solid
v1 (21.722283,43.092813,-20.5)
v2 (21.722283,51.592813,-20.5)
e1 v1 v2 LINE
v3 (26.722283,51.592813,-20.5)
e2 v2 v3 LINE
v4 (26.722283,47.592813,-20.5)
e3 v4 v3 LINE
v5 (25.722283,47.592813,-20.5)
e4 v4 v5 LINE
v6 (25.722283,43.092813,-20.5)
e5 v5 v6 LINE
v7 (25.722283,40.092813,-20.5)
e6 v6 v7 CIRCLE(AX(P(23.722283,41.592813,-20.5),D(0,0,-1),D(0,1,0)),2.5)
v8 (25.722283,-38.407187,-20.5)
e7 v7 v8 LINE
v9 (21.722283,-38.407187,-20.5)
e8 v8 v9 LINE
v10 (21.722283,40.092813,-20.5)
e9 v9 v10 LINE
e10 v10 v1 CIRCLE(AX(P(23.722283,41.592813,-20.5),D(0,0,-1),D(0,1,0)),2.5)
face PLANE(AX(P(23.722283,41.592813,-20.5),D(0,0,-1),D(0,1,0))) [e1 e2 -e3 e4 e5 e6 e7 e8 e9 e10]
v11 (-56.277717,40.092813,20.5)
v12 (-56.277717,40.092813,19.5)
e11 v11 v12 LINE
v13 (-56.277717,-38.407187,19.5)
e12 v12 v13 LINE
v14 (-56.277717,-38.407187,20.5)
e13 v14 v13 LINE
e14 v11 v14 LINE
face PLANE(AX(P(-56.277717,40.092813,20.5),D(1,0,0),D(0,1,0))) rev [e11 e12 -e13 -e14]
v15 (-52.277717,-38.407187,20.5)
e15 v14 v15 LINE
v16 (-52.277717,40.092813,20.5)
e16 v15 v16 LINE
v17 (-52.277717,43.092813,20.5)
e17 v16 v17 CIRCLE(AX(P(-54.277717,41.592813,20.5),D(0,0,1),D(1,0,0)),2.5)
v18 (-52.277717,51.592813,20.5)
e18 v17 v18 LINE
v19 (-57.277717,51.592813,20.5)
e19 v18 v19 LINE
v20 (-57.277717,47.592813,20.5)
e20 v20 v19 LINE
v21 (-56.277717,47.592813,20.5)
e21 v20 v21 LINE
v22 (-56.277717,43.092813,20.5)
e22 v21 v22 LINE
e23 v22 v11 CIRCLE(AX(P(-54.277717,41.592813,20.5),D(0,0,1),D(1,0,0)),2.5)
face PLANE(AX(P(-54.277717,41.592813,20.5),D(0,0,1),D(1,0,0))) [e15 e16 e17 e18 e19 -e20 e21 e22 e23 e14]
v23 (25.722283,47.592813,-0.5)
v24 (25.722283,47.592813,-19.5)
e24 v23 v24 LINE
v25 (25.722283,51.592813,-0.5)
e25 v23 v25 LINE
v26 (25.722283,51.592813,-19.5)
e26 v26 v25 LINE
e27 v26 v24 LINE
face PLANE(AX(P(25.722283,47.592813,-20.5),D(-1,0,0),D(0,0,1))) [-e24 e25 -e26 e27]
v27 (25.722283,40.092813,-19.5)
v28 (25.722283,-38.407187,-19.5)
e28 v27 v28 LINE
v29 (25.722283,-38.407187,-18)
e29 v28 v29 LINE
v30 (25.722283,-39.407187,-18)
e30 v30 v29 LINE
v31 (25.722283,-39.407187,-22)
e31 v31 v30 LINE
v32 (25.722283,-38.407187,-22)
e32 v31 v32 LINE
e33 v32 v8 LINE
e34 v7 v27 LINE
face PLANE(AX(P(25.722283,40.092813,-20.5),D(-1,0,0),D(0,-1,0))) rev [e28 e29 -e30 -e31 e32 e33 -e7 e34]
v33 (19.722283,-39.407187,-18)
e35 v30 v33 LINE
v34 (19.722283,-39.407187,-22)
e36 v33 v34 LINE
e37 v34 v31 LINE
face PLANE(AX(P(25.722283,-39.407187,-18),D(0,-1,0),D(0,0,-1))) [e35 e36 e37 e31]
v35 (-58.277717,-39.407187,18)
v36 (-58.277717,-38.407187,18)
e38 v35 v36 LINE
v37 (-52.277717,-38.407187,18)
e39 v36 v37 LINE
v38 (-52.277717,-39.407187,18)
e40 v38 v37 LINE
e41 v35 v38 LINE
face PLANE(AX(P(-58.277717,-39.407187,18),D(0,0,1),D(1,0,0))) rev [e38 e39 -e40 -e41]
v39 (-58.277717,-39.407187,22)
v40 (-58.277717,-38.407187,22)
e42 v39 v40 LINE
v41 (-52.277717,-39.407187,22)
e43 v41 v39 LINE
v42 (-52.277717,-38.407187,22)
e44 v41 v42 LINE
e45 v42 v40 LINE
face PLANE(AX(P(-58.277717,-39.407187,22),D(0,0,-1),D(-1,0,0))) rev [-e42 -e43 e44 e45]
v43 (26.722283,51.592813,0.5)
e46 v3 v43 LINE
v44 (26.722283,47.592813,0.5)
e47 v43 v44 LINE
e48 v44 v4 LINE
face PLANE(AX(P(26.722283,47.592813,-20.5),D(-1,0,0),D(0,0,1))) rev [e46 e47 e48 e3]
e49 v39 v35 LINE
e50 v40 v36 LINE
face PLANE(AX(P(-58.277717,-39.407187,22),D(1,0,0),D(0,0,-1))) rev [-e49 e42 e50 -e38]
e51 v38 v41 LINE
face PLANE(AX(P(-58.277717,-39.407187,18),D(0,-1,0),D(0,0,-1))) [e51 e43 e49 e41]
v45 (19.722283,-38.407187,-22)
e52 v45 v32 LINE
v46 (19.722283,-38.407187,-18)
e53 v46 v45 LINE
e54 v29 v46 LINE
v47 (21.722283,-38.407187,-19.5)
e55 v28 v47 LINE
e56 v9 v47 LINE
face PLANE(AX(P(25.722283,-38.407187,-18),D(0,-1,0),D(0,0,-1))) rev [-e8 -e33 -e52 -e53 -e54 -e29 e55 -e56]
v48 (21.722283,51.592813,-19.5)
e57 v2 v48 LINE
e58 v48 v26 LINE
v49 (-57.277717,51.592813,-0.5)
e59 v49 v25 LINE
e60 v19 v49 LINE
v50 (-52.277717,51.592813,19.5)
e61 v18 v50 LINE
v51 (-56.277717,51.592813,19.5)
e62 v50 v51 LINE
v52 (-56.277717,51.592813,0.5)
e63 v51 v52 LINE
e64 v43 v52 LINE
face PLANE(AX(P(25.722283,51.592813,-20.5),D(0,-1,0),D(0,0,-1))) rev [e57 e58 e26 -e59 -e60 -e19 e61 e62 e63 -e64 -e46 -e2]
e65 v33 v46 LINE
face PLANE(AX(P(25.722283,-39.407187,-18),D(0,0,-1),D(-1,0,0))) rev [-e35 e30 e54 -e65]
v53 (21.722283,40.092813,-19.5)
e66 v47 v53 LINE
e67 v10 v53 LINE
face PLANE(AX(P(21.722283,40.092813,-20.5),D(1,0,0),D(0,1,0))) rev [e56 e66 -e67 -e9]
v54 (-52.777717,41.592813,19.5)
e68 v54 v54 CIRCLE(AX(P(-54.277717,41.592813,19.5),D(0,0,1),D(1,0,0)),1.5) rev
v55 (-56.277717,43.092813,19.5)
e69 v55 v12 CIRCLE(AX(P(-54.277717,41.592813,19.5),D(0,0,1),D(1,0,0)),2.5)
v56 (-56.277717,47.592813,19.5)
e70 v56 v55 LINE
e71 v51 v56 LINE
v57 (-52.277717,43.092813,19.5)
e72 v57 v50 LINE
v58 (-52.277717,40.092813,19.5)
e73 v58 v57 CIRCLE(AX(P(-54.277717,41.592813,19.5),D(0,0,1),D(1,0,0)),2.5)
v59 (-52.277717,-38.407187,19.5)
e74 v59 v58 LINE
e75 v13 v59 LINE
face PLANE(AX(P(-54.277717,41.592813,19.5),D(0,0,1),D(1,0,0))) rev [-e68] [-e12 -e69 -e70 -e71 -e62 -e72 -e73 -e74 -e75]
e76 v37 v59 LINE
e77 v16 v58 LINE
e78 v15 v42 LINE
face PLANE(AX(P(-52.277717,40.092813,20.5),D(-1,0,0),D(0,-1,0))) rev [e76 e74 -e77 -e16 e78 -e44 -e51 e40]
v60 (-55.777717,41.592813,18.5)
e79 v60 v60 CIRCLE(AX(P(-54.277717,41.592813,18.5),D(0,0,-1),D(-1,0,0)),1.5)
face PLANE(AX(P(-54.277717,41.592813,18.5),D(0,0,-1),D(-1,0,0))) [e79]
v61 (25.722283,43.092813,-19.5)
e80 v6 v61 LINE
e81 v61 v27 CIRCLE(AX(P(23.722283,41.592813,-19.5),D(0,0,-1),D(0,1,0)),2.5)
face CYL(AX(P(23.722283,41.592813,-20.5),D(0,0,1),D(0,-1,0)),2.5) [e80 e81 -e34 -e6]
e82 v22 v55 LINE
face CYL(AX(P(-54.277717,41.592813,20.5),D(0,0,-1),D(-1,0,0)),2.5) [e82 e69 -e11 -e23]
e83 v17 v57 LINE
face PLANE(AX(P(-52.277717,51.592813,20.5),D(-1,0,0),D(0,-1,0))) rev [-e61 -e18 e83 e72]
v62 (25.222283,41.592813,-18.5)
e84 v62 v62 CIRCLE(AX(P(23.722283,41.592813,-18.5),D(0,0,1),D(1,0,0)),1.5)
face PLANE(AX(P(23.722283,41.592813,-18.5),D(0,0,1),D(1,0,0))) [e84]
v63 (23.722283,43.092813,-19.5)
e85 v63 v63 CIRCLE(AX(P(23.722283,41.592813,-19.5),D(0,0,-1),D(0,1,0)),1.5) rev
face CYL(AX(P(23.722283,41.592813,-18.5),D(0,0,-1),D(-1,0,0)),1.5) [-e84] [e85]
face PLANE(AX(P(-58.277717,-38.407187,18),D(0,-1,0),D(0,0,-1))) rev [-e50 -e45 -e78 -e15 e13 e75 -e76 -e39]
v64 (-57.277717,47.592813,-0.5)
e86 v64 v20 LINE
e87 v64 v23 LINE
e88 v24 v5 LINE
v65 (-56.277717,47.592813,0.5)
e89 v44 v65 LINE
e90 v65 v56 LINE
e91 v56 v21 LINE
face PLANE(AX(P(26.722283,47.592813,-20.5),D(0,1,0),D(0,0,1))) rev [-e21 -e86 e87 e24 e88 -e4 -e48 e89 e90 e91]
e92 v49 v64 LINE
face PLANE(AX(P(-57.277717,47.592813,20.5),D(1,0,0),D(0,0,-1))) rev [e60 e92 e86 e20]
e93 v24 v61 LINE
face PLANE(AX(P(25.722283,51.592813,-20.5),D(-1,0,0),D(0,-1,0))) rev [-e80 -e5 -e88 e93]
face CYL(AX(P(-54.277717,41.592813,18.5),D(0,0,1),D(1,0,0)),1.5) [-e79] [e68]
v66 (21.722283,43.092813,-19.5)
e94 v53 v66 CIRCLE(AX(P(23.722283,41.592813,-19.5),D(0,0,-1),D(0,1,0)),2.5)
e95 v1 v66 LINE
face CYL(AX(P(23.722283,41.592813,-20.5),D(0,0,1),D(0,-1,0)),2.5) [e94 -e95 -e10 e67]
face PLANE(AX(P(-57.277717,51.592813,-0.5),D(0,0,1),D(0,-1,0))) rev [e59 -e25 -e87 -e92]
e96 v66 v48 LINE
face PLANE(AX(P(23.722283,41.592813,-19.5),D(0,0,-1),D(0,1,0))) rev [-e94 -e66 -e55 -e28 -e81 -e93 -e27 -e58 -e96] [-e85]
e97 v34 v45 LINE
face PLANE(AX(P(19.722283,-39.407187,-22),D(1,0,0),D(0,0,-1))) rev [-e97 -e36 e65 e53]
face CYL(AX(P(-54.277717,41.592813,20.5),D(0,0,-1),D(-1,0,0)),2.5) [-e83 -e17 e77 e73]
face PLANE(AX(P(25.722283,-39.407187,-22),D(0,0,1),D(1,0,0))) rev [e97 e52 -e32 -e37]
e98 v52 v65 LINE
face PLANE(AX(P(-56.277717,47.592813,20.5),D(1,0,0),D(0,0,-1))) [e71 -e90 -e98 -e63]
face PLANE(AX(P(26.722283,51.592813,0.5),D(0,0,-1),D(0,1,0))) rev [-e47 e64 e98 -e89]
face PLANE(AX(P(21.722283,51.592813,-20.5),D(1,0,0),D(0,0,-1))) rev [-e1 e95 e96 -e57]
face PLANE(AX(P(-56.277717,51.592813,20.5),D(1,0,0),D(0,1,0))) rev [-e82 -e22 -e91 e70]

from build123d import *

# Parameters (mm, degrees)
EXTRUDE_1_DEPTH = 1
SKETCH_2_R      = 1.5
EXTRUDE_2_DEPTH = 1
EXTRUDE_3_DEPTH = 1
SKETCH_4_R      = 1.5
EXTRUDE_5_DEPTH = 1
SKETCH_5_W      = 82
SKETCH_5_H      = 4
EXTRUDE_6_DEPTH = 0.5
SKETCH_6_W      = 21
SKETCH_6_H      = 4
EXTRUDE_7_DEPTH = 1
SKETCH_7_W      = 21
SKETCH_7_H      = 4
EXTRUDE_8_DEPTH = 1
SKETCH_8_W      = 6
SKETCH_8_H      = 4
EXTRUDE_9_DEPTH = 1


with BuildPart() as part:
    # 草图1 → 凸台-拉伸1 (new body)
    with BuildSketch(Plane(origin=(0, 0, -19.5), x_dir=(-1, 0, 0), z_dir=(0, 0, -1))):
        with BuildLine():
            Line((-21.722283328, 40.092812976), (-21.722283328, -38.407187024))
            Line((-21.722283328, -38.407187024), (-25.722283328, -38.407187024))
            Line((-25.722283328, -38.407187024), (-25.722283328, 40.092812976))
            ThreePointArc((-25.722283328, 40.092812976), (-26.222283328, 41.592812976), (-25.722283328, 43.092812976))
            Line((-25.722283328, 43.092812976), (-25.722283328, 51.592812976))
            Line((-25.722283328, 51.592812976), (-21.722283328, 51.592812976))
            Line((-21.722283328, 51.592812976), (-21.722283328, 43.092812976))
            ThreePointArc((-21.722283328, 43.092812976), (-21.222283328, 41.592812976), (-21.722283328, 40.092812976))
        make_face()
    extrude(amount=EXTRUDE_1_DEPTH)

    # 草图2 → 凸台-拉伸2 (add)
    with BuildSketch(Plane.XY.offset(-19.5)):
        with Locations((23.722283328, 41.592812976)):
            Circle(SKETCH_2_R)
    extrude(amount=EXTRUDE_2_DEPTH)



with BuildPart() as body_2:
    # 草图3 → 凸台-拉伸3 (new body)
    with BuildSketch(Plane.XY.offset(19.5)):
        with BuildLine():
            Line((-52.277716672, 40.092812976), (-52.277716672, -38.407187024))
            Line((-52.277716672, -38.407187024), (-56.277716672, -38.407187024))
            Line((-56.277716672, -38.407187024), (-56.277716672, 40.092812976))
            ThreePointArc((-56.277716672, 40.092812976), (-56.777716672, 41.592812976), (-56.277716672, 43.092812976))
            Line((-56.277716672, 43.092812976), (-56.277716672, 51.592812976))
            Line((-56.277716672, 51.592812976), (-52.277716672, 51.592812976))
            Line((-52.277716672, 51.592812976), (-52.277716672, 43.092812976))
            ThreePointArc((-52.277716672, 43.092812976), (-51.777716672, 41.592812976), (-52.277716672, 40.092812976))
        make_face()
    extrude(amount=EXTRUDE_3_DEPTH)

    # 草图4 → 凸台-拉伸5 (add)
    with BuildSketch(Plane(origin=(0, 0, 19.5), x_dir=(-1, 0, 0), z_dir=(0, 0, -1))):
        with Locations((54.277716672, 41.592812976)):
            Circle(SKETCH_4_R)
    extrude(amount=EXTRUDE_5_DEPTH)



with BuildPart() as body_3:
    # 草图5 → 凸台-拉伸6 (new body, symmetric)
    with BuildSketch(Plane.XY):
        with Locations((-15.277716672, 49.592812976)):
            Rectangle(SKETCH_5_W, SKETCH_5_H)
    extrude(amount=EXTRUDE_6_DEPTH, both=True)


with BuildPart() as body_2_1:
    add(body_2.part)

    add(body_3.part)  # 凸台-拉伸7 merges body 3
    # 草图6 → 凸台-拉伸7 (add)
    with BuildSketch(Plane.ZY.offset(56.277716672)):
        with Locations((10, 49.592812976)):
            Rectangle(SKETCH_6_W, SKETCH_6_H)
    extrude(amount=EXTRUDE_7_DEPTH)


with BuildPart() as part_1:
    add(part.part)

    add(body_2_1.part)  # 凸台-拉伸8 merges body 2
    # 草图7 → 凸台-拉伸8 (add)
    with BuildSketch(Plane(origin=(25.722283328, 0, 0), x_dir=(0, 0, -1), z_dir=(1, 0, 0))):
        with Locations((10, 49.592812976)):
            Rectangle(SKETCH_7_W, SKETCH_7_H)
    extrude(amount=EXTRUDE_8_DEPTH)

    # 草图8 → 凸台-拉伸9 (add)
    with BuildSketch(Plane.XZ.offset(38.407187024)):
        with Locations((-55.277716672, 20)):
            Rectangle(SKETCH_8_W, SKETCH_8_H)
        with Locations((22.722283328, -20)):
            Rectangle(SKETCH_8_W, SKETCH_8_H)
    extrude(amount=EXTRUDE_9_DEPTH)


solid = part_1.part
